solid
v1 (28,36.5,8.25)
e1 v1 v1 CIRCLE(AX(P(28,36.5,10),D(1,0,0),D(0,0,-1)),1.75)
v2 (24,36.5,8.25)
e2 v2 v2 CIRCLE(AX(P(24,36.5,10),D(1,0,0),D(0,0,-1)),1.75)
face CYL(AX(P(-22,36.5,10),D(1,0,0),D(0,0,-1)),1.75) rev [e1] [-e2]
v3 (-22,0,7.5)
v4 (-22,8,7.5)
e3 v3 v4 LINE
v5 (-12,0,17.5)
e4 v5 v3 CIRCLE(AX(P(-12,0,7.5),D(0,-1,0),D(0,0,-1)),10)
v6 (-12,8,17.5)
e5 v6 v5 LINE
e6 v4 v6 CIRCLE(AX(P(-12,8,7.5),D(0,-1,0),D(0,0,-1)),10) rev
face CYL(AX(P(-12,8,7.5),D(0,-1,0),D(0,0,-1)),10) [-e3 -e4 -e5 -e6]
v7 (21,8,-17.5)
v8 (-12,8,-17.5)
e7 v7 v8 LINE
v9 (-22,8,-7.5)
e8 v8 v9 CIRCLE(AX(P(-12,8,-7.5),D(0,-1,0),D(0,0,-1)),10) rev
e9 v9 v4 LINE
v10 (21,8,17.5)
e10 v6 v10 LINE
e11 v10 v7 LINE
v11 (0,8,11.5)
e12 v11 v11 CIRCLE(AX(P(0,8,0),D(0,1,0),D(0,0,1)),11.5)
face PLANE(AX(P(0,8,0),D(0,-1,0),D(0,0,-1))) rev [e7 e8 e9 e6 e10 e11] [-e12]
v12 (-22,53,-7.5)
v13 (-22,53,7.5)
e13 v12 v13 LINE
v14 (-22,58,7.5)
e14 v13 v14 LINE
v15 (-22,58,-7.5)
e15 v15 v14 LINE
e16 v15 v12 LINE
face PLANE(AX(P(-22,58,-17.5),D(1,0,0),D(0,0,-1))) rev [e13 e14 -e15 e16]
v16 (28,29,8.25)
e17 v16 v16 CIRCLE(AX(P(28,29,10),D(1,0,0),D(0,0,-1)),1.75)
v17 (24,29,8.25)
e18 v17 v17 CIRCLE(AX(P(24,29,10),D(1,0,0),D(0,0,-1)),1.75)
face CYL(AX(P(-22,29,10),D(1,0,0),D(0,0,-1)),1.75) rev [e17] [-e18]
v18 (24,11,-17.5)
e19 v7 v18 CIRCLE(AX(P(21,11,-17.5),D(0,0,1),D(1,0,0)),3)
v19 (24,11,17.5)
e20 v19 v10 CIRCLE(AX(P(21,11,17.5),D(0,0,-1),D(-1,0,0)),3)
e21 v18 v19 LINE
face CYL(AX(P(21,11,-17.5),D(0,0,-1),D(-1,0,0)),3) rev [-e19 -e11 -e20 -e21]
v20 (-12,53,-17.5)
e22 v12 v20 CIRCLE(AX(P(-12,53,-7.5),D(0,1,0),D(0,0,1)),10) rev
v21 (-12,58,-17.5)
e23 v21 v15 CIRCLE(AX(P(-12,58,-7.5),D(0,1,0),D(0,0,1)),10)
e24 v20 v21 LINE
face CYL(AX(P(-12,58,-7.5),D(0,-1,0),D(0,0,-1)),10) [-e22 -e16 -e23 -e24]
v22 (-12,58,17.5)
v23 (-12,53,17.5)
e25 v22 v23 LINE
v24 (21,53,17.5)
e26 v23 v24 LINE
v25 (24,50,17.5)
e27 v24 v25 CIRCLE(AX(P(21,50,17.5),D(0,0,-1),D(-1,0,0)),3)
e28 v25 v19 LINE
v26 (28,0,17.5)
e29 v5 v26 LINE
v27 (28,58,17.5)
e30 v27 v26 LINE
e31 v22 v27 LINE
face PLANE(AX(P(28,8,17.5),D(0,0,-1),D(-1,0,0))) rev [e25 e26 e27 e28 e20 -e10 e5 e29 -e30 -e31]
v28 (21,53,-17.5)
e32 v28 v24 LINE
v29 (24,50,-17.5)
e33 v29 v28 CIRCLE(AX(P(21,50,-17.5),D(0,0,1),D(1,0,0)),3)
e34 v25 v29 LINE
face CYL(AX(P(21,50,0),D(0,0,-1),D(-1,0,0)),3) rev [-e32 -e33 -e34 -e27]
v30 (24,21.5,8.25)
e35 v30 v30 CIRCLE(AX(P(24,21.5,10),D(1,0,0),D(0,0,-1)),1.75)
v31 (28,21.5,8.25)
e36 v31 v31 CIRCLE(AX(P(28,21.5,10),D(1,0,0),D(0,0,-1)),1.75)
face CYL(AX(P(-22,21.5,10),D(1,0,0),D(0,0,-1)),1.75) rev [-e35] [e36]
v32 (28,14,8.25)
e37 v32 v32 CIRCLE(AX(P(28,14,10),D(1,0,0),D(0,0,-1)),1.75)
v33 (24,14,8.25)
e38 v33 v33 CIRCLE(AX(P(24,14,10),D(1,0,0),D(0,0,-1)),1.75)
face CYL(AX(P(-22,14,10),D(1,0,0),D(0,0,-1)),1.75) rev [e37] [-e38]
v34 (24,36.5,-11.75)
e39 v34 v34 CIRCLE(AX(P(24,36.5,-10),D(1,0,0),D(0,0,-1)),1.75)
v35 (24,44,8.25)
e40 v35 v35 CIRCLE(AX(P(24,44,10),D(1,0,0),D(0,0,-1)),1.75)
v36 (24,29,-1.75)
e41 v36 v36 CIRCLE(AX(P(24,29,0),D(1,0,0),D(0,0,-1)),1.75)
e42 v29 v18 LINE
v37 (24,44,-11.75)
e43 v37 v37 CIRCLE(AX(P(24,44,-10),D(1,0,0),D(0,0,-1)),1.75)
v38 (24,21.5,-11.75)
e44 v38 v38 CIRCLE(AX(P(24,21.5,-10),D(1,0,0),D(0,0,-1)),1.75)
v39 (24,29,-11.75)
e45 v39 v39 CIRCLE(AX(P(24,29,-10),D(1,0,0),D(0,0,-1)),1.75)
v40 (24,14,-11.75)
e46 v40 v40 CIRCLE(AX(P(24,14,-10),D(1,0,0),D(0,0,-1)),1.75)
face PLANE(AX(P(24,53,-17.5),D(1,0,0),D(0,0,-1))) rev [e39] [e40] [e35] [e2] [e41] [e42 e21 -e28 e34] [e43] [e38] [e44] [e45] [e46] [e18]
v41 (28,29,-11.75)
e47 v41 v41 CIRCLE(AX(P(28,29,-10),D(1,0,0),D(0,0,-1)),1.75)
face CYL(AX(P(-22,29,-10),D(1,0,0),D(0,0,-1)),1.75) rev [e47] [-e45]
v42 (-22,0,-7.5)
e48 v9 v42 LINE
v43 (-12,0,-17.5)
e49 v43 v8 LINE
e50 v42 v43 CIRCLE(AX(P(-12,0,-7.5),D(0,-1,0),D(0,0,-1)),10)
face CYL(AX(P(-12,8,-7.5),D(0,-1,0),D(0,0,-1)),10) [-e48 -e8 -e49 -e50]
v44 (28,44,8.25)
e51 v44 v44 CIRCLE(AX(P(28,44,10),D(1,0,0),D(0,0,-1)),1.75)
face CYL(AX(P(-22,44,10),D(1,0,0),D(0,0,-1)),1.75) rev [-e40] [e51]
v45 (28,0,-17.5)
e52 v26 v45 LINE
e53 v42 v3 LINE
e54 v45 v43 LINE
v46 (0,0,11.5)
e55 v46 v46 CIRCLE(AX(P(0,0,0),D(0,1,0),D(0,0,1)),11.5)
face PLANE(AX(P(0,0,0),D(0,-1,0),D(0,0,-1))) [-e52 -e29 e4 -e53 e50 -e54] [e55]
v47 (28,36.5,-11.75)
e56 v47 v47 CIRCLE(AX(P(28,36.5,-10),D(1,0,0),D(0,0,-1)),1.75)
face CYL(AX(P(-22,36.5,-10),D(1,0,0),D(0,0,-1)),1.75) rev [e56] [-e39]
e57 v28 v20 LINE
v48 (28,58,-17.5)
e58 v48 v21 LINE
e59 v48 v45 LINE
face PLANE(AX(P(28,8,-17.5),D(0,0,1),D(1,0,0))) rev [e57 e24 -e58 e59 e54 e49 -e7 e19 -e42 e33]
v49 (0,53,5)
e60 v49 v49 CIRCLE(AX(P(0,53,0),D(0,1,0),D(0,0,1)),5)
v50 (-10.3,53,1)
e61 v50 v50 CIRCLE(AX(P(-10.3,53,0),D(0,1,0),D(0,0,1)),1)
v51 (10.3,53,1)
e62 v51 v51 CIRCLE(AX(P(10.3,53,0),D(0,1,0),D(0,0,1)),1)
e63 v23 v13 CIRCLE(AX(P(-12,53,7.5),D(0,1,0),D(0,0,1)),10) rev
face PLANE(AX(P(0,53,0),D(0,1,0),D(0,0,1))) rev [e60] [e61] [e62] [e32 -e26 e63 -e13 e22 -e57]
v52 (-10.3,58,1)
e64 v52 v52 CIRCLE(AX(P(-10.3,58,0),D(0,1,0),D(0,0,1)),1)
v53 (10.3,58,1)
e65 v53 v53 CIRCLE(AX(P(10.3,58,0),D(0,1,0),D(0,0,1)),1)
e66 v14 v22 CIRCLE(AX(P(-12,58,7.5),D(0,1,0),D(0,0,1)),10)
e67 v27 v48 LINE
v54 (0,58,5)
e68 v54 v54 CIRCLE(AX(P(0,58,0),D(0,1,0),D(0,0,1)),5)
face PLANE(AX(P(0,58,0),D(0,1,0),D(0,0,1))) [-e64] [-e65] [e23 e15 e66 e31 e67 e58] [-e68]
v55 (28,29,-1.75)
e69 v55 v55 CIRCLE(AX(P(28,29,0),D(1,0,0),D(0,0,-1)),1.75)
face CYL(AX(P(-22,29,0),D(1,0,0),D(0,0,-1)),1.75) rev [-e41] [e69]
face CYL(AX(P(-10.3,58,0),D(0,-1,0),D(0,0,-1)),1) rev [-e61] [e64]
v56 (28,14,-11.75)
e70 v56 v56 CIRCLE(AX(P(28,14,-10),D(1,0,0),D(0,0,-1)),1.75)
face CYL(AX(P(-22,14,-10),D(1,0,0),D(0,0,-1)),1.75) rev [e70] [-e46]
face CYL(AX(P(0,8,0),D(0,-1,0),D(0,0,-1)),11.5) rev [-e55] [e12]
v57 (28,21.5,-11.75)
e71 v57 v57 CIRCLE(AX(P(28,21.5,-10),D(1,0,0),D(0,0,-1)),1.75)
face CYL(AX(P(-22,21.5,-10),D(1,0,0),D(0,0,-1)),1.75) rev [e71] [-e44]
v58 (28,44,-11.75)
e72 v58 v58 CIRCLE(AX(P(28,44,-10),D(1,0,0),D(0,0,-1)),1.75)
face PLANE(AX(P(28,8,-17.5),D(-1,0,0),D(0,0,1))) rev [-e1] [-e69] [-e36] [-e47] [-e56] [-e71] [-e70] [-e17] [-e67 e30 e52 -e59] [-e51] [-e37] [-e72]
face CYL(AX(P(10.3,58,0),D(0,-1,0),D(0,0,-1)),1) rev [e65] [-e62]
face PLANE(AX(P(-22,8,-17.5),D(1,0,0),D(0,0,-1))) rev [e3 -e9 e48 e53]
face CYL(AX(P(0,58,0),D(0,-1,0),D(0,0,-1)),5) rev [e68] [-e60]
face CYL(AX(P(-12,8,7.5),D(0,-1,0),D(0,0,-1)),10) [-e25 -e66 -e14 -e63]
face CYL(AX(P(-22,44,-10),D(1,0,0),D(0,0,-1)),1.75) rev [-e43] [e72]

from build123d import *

# Parameters (mm, degrees)
SKETCH1_W           = 50
SKETCH1_H           = 35
SKETCH1_R           = 11.5
BOSS_EXTRUDE1_DEPTH = 8
SKETCH2_W           = 4
SKETCH2_H           = 35
BOSS_EXTRUDE2_DEPTH = 45
SKETCH3_W           = 50
SKETCH3_H           = 35
SKETCH3_R           = 5
SKETCH3_R_2         = 1
BOSS_EXTRUDE3_DEPTH = 5
FILLET1_R           = 10
FILLET2_R           = 3
SKETCH4_R           = 1.75
CUT_EXTRUDE1_DEPTH  = 79.550938887


with BuildPart() as part:
    # Sketch1 → Boss-Extrude1 (new body)
    with BuildSketch(Plane(origin=(0, 0, 0), x_dir=(1, 0, 0), z_dir=(0, 1, 0))):
        with Locations((3, 0)):
            Rectangle(SKETCH1_W, SKETCH1_H)
        Circle(SKETCH1_R, mode=Mode.SUBTRACT)
    extrude(amount=BOSS_EXTRUDE1_DEPTH)

    # Sketch2 → Boss-Extrude2 (add)
    with BuildSketch(Plane(origin=(0, 8, 0), x_dir=(1, 0, 0), z_dir=(0, 1, 0))):
        with Locations((26, 0)):
            Rectangle(SKETCH2_W, SKETCH2_H)
    extrude(amount=BOSS_EXTRUDE2_DEPTH)

    # Sketch3 → Boss-Extrude3 (add)
    with BuildSketch(Plane(origin=(0, 53, 0), x_dir=(1, 0, 0), z_dir=(0, 1, 0))):
        with Locations((3, 0)):
            Rectangle(SKETCH3_W, SKETCH3_H)
        Circle(SKETCH3_R, mode=Mode.SUBTRACT)
        with Locations((10.3, 0)):
            Circle(SKETCH3_R_2, mode=Mode.SUBTRACT)
        with Locations((-10.3, 0)):
            Circle(SKETCH3_R_2, mode=Mode.SUBTRACT)
    extrude(amount=BOSS_EXTRUDE3_DEPTH)

    # Fillet1
    fillet1_edges = [part.edges().sort_by_distance(p)[0] for p in [
        (-22, 55.5, 17.5),
        (-22, 55.5, -17.5),
        (-22, 4, -17.5),
        (-22, 4, 17.5),
    ]]
    fillet(fillet1_edges, radius=FILLET1_R)

    # Fillet2
    fillet2_edges = [part.edges().sort_by_distance(p)[0] for p in [
        (24, 53, 0),
        (24, 8, 0),
    ]]
    fillet(fillet2_edges, radius=FILLET2_R)

    # Sketch4 → Cut-Extrude1 (cut, through all)
    with BuildSketch(Plane(origin=(28, 0, 0), x_dir=(0, 0, -1), z_dir=(1, 0, 0))):
        with Locations((0, 29)):
            Circle(SKETCH4_R)
        with Locations((-10, 36.5)):
            Circle(SKETCH4_R)
        with Locations((10, 21.5)):
            Circle(SKETCH4_R)
        with Locations((-10, 44)):
            Circle(SKETCH4_R)
        with Locations((-10, 14)):
            Circle(SKETCH4_R)
        with Locations((10, 14)):
            Circle(SKETCH4_R)
        with Locations((-10, 29)):
            Circle(SKETCH4_R)
        with Locations((10, 29)):
            Circle(SKETCH4_R)
        with Locations((-10, 21.5)):
            Circle(SKETCH4_R)
        with Locations((10, 36.5)):
            Circle(SKETCH4_R)
        with Locations((10, 44)):
            Circle(SKETCH4_R)
    extrude(amount=-CUT_EXTRUDE1_DEPTH, mode=Mode.SUBTRACT)


solid = part.part
